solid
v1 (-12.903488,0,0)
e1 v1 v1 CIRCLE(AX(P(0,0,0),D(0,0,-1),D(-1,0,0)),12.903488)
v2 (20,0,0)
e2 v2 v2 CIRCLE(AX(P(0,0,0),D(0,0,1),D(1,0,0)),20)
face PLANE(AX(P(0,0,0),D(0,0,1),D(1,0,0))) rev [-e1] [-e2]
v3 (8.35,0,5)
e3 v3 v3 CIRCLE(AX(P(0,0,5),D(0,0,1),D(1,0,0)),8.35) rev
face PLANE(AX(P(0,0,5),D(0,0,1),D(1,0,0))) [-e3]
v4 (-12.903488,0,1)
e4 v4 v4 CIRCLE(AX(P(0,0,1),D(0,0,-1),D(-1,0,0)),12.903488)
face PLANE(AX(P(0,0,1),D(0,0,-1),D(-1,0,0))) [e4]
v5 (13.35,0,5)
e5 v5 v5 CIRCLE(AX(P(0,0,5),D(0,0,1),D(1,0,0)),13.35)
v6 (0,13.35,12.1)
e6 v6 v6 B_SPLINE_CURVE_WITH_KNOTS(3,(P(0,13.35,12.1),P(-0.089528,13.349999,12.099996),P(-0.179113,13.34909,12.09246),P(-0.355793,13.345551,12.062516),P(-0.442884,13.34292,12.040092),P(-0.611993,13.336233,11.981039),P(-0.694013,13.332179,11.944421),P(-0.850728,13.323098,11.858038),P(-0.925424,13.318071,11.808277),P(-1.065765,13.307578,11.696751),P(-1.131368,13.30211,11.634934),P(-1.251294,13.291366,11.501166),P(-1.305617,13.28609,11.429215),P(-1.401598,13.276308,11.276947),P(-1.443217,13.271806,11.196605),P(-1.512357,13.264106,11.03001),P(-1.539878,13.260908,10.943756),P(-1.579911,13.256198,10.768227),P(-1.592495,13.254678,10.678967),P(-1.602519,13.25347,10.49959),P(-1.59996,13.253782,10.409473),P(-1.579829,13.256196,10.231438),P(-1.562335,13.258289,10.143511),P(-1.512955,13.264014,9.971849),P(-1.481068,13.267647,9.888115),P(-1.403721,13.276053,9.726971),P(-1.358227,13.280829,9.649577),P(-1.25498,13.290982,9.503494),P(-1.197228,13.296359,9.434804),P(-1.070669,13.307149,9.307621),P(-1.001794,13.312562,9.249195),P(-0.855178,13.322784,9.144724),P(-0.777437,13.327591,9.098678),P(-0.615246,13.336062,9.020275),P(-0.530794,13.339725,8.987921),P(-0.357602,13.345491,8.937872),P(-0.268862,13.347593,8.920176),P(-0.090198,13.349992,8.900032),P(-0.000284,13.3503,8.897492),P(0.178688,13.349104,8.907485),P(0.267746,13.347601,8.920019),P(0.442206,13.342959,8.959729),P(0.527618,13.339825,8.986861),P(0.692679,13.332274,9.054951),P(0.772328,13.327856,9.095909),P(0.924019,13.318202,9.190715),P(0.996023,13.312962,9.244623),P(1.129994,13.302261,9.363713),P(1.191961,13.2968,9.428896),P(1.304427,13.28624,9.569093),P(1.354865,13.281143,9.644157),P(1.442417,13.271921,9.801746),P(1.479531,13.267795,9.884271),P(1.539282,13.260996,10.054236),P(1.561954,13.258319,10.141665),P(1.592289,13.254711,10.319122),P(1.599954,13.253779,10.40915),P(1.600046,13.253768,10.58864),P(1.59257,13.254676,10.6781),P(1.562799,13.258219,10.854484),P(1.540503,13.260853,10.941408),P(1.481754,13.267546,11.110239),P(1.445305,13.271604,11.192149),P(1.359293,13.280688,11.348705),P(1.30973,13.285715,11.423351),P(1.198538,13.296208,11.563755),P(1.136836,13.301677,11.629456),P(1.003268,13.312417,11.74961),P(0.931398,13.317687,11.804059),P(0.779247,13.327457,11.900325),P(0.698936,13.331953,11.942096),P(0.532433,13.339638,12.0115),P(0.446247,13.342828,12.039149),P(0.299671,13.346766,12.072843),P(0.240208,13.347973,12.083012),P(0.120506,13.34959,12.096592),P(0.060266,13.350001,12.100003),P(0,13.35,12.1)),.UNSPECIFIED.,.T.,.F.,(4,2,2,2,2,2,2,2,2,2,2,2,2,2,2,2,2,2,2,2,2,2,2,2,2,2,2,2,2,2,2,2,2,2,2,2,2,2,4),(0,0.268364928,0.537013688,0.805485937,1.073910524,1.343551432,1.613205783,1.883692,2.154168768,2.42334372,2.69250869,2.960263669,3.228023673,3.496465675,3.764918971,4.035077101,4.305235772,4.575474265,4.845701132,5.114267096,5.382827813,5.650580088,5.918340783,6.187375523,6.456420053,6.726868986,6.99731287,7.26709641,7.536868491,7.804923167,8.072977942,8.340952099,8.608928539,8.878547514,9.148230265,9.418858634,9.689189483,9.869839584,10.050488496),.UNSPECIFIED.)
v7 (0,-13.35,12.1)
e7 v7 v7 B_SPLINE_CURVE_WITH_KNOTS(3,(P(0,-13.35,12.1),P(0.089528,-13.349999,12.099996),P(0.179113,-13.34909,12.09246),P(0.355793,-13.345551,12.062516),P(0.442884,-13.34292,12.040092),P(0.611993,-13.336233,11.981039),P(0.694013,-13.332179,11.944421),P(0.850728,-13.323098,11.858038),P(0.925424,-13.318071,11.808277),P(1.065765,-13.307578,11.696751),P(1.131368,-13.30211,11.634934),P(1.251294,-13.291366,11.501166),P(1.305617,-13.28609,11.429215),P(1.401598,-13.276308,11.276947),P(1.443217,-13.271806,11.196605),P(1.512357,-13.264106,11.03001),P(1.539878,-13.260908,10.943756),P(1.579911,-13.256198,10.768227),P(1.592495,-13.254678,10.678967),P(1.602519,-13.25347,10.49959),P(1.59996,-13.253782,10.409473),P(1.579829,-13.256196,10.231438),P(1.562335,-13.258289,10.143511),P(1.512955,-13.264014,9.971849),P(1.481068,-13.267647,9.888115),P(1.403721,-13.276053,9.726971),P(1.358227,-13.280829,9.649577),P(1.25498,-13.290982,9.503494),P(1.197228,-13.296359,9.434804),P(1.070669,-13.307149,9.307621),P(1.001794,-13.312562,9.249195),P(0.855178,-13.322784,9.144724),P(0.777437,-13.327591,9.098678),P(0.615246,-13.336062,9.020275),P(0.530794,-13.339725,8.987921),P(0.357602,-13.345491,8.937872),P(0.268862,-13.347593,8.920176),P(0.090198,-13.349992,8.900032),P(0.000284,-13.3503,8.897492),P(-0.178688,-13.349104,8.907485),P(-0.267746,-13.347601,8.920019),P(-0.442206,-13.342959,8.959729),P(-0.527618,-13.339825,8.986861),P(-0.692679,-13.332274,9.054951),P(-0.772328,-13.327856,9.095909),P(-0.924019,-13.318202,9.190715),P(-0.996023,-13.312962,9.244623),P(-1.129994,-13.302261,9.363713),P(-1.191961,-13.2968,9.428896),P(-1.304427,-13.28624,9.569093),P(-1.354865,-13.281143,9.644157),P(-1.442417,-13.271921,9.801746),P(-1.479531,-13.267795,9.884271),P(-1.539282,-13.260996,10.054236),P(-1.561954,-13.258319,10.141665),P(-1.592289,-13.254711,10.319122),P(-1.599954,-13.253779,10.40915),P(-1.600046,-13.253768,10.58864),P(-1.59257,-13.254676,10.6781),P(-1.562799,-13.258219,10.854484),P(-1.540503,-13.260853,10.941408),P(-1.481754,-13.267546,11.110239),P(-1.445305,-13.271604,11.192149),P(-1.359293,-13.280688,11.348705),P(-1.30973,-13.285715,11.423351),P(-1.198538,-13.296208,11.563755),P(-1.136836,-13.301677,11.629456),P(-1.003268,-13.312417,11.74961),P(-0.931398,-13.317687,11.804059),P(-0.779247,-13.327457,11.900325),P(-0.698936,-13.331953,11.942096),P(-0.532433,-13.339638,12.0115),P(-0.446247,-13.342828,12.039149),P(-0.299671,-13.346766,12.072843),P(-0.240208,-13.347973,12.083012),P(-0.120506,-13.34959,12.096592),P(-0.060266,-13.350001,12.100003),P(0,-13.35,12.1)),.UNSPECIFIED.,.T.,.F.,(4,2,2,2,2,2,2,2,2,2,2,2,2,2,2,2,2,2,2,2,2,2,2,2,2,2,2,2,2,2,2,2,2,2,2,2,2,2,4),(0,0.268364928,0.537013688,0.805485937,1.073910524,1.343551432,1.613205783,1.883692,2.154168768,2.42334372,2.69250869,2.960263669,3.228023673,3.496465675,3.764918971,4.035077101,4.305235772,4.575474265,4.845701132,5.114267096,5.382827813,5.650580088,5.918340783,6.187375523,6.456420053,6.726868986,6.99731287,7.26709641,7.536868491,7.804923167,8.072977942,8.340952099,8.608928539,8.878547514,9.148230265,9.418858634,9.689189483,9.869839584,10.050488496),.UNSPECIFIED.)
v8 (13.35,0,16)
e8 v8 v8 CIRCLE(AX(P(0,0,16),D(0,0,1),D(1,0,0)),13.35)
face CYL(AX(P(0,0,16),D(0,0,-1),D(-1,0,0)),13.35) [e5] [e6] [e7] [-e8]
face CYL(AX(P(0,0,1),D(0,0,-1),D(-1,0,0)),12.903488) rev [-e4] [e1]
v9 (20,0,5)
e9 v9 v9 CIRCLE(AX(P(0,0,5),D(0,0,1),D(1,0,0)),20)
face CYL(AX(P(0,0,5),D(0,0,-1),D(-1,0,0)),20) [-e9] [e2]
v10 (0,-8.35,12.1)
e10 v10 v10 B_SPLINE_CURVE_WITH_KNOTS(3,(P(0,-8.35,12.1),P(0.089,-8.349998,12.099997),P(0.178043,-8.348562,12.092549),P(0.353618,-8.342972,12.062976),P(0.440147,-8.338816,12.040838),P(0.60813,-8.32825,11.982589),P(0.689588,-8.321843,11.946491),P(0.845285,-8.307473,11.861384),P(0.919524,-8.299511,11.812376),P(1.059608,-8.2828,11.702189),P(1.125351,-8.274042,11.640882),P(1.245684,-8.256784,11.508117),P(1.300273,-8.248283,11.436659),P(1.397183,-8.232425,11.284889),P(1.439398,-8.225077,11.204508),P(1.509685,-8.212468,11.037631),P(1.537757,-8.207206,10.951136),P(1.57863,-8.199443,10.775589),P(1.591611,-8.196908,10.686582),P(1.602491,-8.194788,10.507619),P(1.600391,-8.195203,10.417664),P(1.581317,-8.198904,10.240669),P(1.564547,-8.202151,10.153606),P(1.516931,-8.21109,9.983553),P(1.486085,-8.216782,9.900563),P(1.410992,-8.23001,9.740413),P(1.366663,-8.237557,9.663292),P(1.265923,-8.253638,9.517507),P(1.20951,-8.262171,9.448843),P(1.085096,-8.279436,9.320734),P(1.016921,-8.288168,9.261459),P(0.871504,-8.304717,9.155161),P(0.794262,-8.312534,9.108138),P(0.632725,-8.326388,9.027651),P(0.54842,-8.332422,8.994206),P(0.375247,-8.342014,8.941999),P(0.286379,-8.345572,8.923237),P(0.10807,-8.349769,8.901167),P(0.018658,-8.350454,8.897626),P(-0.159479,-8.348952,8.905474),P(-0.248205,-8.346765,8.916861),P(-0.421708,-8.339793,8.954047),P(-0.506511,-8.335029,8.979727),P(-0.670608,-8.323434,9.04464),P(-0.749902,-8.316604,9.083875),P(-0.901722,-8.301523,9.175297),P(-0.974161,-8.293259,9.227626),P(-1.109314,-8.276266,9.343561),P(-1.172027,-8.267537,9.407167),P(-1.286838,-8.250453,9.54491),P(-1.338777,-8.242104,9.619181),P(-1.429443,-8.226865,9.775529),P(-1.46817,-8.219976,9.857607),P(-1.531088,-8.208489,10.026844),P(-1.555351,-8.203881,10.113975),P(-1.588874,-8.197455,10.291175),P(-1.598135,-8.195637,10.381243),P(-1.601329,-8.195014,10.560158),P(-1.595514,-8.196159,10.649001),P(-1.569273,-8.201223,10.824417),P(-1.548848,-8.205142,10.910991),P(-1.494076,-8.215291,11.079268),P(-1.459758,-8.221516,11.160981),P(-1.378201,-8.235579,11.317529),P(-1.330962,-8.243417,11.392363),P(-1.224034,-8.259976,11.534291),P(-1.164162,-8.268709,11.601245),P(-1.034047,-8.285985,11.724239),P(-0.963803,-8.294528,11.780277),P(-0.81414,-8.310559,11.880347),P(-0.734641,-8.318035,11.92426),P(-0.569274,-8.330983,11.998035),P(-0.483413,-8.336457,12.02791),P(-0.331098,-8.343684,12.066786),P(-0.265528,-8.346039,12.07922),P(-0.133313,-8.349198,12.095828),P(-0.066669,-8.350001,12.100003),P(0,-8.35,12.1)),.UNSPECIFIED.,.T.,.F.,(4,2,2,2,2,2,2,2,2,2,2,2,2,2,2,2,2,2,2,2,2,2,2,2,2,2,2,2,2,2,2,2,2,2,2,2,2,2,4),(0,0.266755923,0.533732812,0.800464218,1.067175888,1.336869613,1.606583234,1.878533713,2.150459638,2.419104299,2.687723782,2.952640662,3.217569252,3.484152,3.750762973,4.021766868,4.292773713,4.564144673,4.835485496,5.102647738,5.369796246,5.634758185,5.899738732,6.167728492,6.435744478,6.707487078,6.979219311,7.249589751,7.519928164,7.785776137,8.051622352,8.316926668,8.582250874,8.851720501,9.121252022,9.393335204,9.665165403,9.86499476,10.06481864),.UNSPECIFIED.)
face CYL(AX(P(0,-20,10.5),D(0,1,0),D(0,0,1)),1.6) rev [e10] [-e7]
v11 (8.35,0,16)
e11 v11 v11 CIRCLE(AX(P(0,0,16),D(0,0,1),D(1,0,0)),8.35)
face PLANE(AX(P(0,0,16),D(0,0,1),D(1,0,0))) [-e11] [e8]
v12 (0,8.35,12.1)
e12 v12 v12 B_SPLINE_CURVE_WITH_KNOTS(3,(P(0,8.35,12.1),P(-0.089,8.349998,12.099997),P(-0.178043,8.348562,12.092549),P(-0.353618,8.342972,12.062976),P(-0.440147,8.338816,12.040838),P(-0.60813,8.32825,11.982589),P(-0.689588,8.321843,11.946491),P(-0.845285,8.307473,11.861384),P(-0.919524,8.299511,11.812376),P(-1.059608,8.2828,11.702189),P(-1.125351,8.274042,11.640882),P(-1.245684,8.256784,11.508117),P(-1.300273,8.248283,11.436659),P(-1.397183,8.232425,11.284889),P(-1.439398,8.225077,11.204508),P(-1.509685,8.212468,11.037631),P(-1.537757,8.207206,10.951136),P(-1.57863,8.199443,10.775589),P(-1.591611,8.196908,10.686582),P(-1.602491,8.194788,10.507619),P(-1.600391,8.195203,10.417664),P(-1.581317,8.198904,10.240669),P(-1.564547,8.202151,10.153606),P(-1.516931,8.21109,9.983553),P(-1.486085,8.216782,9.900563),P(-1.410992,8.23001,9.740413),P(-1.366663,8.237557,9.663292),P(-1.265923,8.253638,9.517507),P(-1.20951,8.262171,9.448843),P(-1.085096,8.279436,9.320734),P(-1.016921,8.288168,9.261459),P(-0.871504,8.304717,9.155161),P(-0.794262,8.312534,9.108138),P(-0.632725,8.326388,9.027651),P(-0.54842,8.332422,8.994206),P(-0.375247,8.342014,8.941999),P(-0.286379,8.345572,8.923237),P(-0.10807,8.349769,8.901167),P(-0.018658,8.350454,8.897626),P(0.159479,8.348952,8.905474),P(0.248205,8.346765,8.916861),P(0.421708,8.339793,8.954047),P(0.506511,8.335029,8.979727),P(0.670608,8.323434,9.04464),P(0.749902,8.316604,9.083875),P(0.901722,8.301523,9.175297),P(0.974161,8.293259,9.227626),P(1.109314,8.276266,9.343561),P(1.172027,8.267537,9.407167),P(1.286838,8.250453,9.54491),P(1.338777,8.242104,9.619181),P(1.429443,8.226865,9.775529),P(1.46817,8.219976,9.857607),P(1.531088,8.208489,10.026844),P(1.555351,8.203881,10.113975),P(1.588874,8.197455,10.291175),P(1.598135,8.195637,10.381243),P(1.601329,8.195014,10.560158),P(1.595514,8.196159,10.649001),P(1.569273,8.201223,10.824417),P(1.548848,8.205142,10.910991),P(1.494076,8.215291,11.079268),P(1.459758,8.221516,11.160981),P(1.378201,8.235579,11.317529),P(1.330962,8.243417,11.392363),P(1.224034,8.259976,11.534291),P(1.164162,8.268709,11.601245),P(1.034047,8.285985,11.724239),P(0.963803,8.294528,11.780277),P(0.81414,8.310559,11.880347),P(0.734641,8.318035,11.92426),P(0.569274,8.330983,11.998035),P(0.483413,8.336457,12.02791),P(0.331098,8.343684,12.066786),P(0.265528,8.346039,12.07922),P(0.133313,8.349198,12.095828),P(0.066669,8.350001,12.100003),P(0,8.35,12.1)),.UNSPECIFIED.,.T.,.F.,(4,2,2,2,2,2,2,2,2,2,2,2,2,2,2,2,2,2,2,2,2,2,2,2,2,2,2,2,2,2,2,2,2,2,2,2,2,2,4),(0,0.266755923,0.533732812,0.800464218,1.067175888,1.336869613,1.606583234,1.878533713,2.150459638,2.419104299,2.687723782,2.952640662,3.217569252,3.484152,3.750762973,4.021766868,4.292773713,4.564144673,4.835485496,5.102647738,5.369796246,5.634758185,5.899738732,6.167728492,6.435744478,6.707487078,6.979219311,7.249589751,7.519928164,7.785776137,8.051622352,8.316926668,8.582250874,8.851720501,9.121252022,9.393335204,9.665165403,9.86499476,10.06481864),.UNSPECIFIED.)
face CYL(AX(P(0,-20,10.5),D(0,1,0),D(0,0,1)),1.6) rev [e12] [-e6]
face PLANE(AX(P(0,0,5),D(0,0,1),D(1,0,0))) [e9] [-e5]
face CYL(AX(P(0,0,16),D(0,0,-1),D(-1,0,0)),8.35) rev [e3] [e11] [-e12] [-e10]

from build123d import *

# Parameters (mm, degrees)
CROQUIS1_R              = 20
SALIENTE_EXTRUIR1_DEPTH = 5
CROQUIS2_R              = 13.35
CROQUIS2_R_2            = 8.35
SALIENTE_EXTRUIR2_DEPTH = 11
CROQUIS3_R              = 1.6
CORTAR_EXTRUIR1_DEPTH   = 20
CROQUIS4_R              = 12.903487901
CORTAR_EXTRUIR3_DEPTH   = 1


with BuildPart() as part:
    # Croquis1 → Saliente-Extruir1 (new body)
    with BuildSketch(Plane.XY):
        Circle(CROQUIS1_R)
    extrude(amount=SALIENTE_EXTRUIR1_DEPTH)

    # Croquis2 → Saliente-Extruir2 (add)
    with BuildSketch(Plane.XY.offset(5)):
        Circle(CROQUIS2_R)
        Circle(CROQUIS2_R_2, mode=Mode.SUBTRACT)
    extrude(amount=SALIENTE_EXTRUIR2_DEPTH)

    # Croquis3 → Cortar-Extruir1 (cut, symmetric)
    with BuildSketch(Plane(origin=(0, 0, 0), x_dir=(1, 0, 0), z_dir=(0, 1, 0))):
        with Locations(Location((0, -10.5, 0), (0, 0, 270))):
            Circle(CROQUIS3_R)
    extrude(amount=CORTAR_EXTRUIR1_DEPTH, both=True, mode=Mode.SUBTRACT)

    # Croquis4 → Cortar-Extruir3 (cut)
    with BuildSketch(Plane(origin=(0, 0, 0), x_dir=(-1, 0, 0), z_dir=(0, 0, -1))):
        Circle(CROQUIS4_R)
    extrude(amount=-CORTAR_EXTRUIR3_DEPTH, mode=Mode.SUBTRACT)


solid = part.part
